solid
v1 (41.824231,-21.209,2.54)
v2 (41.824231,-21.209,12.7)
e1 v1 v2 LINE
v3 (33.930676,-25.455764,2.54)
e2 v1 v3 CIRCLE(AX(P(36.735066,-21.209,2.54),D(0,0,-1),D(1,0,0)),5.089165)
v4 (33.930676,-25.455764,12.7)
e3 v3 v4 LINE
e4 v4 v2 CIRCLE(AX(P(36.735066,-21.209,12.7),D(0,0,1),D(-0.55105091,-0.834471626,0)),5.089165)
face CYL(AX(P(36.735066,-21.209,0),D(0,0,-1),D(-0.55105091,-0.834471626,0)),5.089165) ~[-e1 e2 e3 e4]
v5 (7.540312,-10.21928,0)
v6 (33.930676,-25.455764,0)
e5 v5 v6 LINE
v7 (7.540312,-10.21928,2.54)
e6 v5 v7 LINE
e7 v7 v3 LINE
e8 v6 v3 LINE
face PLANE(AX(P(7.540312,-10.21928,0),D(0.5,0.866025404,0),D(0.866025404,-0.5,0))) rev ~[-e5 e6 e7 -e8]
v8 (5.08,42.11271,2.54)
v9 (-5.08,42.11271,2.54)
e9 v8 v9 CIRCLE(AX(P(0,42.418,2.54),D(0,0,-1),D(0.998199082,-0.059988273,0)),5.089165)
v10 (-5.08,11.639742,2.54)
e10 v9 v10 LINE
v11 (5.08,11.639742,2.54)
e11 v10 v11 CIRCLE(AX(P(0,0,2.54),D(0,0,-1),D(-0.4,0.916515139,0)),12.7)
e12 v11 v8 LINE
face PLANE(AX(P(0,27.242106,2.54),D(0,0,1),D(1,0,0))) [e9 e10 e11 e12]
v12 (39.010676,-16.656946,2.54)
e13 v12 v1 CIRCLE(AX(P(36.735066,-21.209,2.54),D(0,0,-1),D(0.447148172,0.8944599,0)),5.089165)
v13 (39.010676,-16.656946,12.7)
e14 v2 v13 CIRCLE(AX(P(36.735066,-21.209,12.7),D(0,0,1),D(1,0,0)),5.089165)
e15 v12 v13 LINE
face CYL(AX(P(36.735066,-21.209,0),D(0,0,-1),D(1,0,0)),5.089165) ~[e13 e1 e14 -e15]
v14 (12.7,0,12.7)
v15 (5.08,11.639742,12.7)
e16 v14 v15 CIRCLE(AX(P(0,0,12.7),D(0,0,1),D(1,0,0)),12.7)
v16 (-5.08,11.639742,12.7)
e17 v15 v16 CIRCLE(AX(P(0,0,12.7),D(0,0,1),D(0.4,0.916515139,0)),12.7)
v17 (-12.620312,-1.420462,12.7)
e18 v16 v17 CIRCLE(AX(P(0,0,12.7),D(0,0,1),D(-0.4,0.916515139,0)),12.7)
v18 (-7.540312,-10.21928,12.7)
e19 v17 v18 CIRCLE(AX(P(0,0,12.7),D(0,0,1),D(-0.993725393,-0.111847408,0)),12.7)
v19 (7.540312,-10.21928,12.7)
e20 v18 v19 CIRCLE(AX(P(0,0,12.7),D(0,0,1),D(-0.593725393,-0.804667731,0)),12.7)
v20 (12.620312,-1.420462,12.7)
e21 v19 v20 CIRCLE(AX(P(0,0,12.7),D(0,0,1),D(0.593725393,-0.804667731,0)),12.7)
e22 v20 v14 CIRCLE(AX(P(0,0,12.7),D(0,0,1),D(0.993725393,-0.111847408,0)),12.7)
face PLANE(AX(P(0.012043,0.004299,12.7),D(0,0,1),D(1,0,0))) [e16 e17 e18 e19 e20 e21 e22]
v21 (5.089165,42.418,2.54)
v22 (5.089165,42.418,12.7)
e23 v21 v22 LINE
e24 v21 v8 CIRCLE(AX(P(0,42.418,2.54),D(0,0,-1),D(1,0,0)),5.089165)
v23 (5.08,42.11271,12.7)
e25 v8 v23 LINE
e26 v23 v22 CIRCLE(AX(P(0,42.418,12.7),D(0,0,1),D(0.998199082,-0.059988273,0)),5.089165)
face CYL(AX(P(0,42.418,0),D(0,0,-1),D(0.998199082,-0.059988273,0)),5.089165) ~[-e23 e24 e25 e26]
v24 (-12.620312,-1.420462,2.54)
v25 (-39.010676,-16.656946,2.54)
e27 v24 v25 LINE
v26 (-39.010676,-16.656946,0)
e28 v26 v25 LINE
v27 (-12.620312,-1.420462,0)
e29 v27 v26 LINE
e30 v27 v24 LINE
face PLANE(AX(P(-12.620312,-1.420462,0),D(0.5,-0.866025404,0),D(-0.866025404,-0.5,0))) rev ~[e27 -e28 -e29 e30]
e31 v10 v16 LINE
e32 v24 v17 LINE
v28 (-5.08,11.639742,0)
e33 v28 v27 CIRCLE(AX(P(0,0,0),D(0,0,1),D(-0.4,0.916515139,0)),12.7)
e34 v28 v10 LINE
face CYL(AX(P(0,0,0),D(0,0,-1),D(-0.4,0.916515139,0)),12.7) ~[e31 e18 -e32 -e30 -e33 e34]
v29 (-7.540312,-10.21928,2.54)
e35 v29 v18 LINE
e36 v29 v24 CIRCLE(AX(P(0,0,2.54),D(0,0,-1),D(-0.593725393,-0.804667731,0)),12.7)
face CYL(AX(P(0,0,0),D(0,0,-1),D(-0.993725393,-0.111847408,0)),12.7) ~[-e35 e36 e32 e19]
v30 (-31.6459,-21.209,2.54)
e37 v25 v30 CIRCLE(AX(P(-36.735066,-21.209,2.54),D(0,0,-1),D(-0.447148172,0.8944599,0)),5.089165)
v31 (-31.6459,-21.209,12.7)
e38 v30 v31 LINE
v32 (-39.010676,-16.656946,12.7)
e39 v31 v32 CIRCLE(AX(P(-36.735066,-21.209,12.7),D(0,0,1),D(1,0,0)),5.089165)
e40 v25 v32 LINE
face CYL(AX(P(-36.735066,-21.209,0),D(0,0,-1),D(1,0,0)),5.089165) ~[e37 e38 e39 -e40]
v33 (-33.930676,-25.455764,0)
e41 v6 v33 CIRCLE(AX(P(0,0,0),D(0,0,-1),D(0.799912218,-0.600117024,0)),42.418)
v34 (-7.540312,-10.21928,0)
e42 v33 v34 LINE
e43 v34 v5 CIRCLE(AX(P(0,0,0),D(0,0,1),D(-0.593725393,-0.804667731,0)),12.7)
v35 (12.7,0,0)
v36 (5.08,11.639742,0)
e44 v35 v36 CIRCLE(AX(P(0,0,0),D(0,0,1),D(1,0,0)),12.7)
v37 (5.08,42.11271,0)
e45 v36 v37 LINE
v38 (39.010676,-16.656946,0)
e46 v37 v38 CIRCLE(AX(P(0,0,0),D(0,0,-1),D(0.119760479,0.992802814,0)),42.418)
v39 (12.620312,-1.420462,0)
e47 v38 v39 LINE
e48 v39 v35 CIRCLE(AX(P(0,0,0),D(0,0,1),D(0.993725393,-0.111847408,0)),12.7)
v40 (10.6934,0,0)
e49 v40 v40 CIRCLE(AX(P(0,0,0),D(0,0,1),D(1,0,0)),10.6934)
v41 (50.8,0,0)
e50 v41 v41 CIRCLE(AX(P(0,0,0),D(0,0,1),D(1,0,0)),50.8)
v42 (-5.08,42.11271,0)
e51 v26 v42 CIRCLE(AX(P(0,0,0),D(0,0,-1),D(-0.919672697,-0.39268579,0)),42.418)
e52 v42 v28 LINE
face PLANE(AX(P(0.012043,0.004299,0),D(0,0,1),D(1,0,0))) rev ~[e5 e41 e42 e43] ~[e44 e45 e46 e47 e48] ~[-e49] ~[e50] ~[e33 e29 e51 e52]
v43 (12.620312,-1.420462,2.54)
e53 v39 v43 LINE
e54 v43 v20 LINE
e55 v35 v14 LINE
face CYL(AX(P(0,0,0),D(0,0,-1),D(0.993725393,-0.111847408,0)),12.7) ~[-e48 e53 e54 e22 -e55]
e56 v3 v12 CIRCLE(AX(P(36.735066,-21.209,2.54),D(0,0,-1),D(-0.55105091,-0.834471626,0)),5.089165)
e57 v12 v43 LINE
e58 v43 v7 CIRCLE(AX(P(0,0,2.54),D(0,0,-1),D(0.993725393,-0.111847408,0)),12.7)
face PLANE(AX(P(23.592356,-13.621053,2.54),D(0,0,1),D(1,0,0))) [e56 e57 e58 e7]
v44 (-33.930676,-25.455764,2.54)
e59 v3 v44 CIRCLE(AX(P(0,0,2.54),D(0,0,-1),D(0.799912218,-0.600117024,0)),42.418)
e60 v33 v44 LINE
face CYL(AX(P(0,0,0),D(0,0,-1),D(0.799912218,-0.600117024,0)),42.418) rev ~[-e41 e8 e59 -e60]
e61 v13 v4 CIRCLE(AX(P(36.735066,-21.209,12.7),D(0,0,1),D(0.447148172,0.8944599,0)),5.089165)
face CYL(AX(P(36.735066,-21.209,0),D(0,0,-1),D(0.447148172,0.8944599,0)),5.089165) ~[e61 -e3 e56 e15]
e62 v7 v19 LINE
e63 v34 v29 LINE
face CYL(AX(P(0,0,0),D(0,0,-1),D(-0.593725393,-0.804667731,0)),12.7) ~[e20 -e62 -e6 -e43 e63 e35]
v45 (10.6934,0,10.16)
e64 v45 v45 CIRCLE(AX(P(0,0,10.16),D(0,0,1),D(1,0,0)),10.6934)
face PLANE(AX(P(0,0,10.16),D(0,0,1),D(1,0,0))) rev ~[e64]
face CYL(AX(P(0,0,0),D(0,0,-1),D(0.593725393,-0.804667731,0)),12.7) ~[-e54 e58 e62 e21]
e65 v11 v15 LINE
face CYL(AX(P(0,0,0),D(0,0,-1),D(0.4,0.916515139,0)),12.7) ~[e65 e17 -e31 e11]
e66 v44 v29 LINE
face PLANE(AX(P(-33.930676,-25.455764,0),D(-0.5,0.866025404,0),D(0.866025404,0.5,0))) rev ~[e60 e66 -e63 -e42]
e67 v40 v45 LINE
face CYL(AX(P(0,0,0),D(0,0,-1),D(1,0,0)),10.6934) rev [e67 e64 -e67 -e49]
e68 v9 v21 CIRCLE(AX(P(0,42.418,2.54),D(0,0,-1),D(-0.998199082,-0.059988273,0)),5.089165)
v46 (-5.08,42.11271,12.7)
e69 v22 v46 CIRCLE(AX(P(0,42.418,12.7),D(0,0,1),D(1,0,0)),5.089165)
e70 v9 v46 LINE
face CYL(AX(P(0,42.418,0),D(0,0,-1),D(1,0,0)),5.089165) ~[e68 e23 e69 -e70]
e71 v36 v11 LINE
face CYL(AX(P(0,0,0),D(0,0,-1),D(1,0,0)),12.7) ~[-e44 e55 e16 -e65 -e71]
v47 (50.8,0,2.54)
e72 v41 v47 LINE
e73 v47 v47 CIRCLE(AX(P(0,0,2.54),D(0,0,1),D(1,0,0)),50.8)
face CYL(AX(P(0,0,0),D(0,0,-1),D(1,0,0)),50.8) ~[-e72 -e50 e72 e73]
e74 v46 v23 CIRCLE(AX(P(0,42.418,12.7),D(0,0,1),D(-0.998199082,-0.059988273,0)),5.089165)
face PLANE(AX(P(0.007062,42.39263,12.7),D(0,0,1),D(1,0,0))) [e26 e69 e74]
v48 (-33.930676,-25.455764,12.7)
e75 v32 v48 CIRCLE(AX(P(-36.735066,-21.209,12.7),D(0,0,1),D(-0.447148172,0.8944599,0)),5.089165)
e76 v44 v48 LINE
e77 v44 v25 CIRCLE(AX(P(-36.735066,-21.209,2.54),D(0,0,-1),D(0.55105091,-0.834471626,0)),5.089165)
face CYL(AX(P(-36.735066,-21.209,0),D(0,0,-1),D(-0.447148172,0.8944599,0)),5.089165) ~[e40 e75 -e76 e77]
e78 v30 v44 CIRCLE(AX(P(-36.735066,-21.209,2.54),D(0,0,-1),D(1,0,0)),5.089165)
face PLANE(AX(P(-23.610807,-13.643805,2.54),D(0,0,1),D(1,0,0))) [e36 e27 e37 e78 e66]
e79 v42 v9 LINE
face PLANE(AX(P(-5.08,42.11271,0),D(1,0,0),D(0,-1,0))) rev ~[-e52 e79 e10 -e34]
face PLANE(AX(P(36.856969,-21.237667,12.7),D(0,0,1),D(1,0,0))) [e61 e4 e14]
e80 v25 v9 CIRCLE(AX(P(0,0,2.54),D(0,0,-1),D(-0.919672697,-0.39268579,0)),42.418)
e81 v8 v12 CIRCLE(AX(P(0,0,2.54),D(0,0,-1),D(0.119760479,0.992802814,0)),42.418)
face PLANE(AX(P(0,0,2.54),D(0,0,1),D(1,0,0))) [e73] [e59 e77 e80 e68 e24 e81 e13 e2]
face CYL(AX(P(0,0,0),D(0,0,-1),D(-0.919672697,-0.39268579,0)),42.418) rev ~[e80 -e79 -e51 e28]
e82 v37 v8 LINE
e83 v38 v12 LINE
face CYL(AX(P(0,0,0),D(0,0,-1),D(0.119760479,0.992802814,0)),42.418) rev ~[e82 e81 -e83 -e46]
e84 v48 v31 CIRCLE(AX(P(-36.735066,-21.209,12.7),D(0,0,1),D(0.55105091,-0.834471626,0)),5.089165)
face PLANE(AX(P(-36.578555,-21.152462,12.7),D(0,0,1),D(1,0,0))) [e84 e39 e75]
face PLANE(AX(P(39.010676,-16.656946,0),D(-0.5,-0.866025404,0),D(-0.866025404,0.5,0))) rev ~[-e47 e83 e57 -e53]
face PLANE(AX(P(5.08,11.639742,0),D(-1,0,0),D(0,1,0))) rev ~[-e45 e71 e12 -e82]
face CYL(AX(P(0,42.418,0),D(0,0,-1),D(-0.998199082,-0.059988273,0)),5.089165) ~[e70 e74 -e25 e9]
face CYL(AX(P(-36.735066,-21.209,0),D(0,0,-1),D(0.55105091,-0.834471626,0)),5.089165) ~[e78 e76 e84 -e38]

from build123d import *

# Parameters (mm, degrees)
F1_DEPTH = 2.54
F0_R     = 50.8
F2_DEPTH = 12.7
F3_R     = 10.6934
F4_DEPTH = 10.16


with BuildPart() as f1:
    # F0 (on Top) → F1 (new body)
    with BuildSketch(Plane.XY):
        with BuildLine():
            ThreePointArc((-7.5403124952, -10.2192801838), (-10.9985226281, -6.35), (-12.6203124952, -1.4204620814))
            Line((-12.6203124952, -1.4204620814), (-39.0106764813, -16.6569458328))
            ThreePointArc((-39.0106764812, -16.6569458328), (-34.0593747907, -16.8799953872), (-31.6459004079, -21.209))
            ThreePointArc((-31.6459004079, -21.209), (-32.2533470771, -23.6201825743), (-33.9306764813, -25.4557639352))
            Line((-33.9306764813, -25.4557639352), (-7.5403124952, -10.2192801838))
        make_face()
    extrude(amount=F1_DEPTH)



with BuildPart() as f1b:
    # F0 (on Top) → F1, piece 2 (new body)
    with BuildSketch(Plane.XY):
        Circle(F0_R)
        with BuildLine():
            ThreePointArc((-39.0106764812, -16.6569458328), (-36.7350655777, 21.209), (-5.08, 42.112709768))
            ThreePointArc((-5.08, 42.112709768), (-0.1527138878, 47.5048733613), (5.0891651698, 42.418))
            ThreePointArc((5.0891651698, 42.418), (5.0868733613, 42.2652861122), (5.08, 42.112709768))
            ThreePointArc((5.08, 42.112709768), (36.7350655777, 21.209), (39.0106764812, -16.6569458328))
            ThreePointArc((39.0106764813, -16.6569458328), (41.0640701906, -18.533309213), (41.8242307476, -21.209))
            ThreePointArc((41.8242307476, -21.209), (39.146248152, -25.6907185007), (33.9306764812, -25.4557639352))
            ThreePointArc((33.9306764812, -25.4557639352), (0, -42.418), (-33.9306764812, -25.4557639352))
            ThreePointArc((-33.9306764813, -25.4557639352), (-41.1424118989, -23.7535825849), (-39.0106764812, -16.6569458328))
        make_face(mode=Mode.SUBTRACT)
    extrude(amount=F1_DEPTH)


with BuildPart() as f1c:
    # F0 (on Top) → F1, piece 3 (new body)
    with BuildSketch(Plane.XY):
        with BuildLine():
            ThreePointArc((33.9306764812, -25.4557639352), (32.3277192566, -18.6644174151), (39.0106764813, -16.6569458328))
            Line((39.0106764813, -16.6569458328), (12.6203124952, -1.4204620814))
            ThreePointArc((12.6203124952, -1.4204620814), (10.9985226281, -6.35), (7.5403124952, -10.2192801838))
            Line((7.5403124952, -10.2192801838), (33.9306764812, -25.4557639352))
        make_face()
    extrude(amount=F1_DEPTH)


with BuildPart() as f1d:
    # F0 (on Top) → F1, piece 4 (new body)
    with BuildSketch(Plane.XY):
        with BuildLine():
            Line((-5.08, 42.112709768), (-5.08, 11.6397422652))
            ThreePointArc((-5.08, 11.6397422652), (0, 12.7), (5.08, 11.6397422652))
            Line((5.08, 11.6397422652), (5.08, 42.112709768))
            ThreePointArc((5.08, 42.112709768), (0, 37.3288348302), (-5.08, 42.112709768))
        make_face()
    extrude(amount=F1_DEPTH)


with BuildPart() as f1_1:
    add(f1.part)

    add(f1b.part)  # F2 merges F1b

    add(f1c.part)  # F2 merges F1c

    add(f1d.part)  # F2 merges F1d
    # F0 (on Top) → F2 (join)
    with BuildSketch(Plane.XY):
        with BuildLine():
            ThreePointArc((5.08, 11.6397422652), (0, 12.7), (-5.08, 11.6397422652))
            ThreePointArc((-5.08, 11.6397422652), (-10.9985226281, 6.35), (-12.6203124952, -1.4204620814))
            ThreePointArc((-12.6203124952, -1.4204620814), (-10.9985226281, -6.35), (-7.5403124952, -10.2192801838))
            ThreePointArc((-7.5403124952, -10.2192801838), (0, -12.7), (7.5403124952, -10.2192801838))
            ThreePointArc((7.5403124952, -10.2192801838), (10.9985226281, -6.35), (12.6203124952, -1.4204620814))
            ThreePointArc((12.6203124952, -1.4204620814), (12.680062474, -0.7113477741), (12.7, 0))
            ThreePointArc((12.7, 0), (10.625582337, 6.9560764803), (5.08, 11.6397422652))
        make_face()
        with BuildLine():
            ThreePointArc((-31.6459004079, -21.209), (-34.0593747907, -16.8799953872), (-39.0106764812, -16.6569458328))
            ThreePointArc((-39.0106764812, -16.6569458328), (-41.1424118989, -23.7535825849), (-33.9306764813, -25.4557639352))
            ThreePointArc((-33.9306764813, -25.4557639352), (-32.2533470771, -23.6201825743), (-31.6459004079, -21.209))
        make_face()
        with BuildLine():
            ThreePointArc((41.8242307476, -21.209), (41.0640701906, -18.533309213), (39.0106764813, -16.6569458328))
            ThreePointArc((39.0106764813, -16.6569458328), (32.3277192566, -18.6644174151), (33.9306764812, -25.4557639352))
            ThreePointArc((33.9306764812, -25.4557639352), (39.146248152, -25.6907185007), (41.8242307476, -21.209))
        make_face()
        with BuildLine():
            ThreePointArc((5.0891651698, 42.418), (-0.1527138878, 47.5048733613), (-5.08, 42.112709768))
            ThreePointArc((-5.08, 42.112709768), (0, 37.3288348302), (5.08, 42.112709768))
            ThreePointArc((5.08, 42.112709768), (5.0868733613, 42.2652861122), (5.0891651698, 42.418))
        make_face()
    extrude(amount=F2_DEPTH)

    # F3 (on face) → F4 (cut)
    with BuildSketch(Plane.XY):
        Circle(F3_R)
    extrude(amount=F4_DEPTH, mode=Mode.SUBTRACT)


solid = f1_1.part
